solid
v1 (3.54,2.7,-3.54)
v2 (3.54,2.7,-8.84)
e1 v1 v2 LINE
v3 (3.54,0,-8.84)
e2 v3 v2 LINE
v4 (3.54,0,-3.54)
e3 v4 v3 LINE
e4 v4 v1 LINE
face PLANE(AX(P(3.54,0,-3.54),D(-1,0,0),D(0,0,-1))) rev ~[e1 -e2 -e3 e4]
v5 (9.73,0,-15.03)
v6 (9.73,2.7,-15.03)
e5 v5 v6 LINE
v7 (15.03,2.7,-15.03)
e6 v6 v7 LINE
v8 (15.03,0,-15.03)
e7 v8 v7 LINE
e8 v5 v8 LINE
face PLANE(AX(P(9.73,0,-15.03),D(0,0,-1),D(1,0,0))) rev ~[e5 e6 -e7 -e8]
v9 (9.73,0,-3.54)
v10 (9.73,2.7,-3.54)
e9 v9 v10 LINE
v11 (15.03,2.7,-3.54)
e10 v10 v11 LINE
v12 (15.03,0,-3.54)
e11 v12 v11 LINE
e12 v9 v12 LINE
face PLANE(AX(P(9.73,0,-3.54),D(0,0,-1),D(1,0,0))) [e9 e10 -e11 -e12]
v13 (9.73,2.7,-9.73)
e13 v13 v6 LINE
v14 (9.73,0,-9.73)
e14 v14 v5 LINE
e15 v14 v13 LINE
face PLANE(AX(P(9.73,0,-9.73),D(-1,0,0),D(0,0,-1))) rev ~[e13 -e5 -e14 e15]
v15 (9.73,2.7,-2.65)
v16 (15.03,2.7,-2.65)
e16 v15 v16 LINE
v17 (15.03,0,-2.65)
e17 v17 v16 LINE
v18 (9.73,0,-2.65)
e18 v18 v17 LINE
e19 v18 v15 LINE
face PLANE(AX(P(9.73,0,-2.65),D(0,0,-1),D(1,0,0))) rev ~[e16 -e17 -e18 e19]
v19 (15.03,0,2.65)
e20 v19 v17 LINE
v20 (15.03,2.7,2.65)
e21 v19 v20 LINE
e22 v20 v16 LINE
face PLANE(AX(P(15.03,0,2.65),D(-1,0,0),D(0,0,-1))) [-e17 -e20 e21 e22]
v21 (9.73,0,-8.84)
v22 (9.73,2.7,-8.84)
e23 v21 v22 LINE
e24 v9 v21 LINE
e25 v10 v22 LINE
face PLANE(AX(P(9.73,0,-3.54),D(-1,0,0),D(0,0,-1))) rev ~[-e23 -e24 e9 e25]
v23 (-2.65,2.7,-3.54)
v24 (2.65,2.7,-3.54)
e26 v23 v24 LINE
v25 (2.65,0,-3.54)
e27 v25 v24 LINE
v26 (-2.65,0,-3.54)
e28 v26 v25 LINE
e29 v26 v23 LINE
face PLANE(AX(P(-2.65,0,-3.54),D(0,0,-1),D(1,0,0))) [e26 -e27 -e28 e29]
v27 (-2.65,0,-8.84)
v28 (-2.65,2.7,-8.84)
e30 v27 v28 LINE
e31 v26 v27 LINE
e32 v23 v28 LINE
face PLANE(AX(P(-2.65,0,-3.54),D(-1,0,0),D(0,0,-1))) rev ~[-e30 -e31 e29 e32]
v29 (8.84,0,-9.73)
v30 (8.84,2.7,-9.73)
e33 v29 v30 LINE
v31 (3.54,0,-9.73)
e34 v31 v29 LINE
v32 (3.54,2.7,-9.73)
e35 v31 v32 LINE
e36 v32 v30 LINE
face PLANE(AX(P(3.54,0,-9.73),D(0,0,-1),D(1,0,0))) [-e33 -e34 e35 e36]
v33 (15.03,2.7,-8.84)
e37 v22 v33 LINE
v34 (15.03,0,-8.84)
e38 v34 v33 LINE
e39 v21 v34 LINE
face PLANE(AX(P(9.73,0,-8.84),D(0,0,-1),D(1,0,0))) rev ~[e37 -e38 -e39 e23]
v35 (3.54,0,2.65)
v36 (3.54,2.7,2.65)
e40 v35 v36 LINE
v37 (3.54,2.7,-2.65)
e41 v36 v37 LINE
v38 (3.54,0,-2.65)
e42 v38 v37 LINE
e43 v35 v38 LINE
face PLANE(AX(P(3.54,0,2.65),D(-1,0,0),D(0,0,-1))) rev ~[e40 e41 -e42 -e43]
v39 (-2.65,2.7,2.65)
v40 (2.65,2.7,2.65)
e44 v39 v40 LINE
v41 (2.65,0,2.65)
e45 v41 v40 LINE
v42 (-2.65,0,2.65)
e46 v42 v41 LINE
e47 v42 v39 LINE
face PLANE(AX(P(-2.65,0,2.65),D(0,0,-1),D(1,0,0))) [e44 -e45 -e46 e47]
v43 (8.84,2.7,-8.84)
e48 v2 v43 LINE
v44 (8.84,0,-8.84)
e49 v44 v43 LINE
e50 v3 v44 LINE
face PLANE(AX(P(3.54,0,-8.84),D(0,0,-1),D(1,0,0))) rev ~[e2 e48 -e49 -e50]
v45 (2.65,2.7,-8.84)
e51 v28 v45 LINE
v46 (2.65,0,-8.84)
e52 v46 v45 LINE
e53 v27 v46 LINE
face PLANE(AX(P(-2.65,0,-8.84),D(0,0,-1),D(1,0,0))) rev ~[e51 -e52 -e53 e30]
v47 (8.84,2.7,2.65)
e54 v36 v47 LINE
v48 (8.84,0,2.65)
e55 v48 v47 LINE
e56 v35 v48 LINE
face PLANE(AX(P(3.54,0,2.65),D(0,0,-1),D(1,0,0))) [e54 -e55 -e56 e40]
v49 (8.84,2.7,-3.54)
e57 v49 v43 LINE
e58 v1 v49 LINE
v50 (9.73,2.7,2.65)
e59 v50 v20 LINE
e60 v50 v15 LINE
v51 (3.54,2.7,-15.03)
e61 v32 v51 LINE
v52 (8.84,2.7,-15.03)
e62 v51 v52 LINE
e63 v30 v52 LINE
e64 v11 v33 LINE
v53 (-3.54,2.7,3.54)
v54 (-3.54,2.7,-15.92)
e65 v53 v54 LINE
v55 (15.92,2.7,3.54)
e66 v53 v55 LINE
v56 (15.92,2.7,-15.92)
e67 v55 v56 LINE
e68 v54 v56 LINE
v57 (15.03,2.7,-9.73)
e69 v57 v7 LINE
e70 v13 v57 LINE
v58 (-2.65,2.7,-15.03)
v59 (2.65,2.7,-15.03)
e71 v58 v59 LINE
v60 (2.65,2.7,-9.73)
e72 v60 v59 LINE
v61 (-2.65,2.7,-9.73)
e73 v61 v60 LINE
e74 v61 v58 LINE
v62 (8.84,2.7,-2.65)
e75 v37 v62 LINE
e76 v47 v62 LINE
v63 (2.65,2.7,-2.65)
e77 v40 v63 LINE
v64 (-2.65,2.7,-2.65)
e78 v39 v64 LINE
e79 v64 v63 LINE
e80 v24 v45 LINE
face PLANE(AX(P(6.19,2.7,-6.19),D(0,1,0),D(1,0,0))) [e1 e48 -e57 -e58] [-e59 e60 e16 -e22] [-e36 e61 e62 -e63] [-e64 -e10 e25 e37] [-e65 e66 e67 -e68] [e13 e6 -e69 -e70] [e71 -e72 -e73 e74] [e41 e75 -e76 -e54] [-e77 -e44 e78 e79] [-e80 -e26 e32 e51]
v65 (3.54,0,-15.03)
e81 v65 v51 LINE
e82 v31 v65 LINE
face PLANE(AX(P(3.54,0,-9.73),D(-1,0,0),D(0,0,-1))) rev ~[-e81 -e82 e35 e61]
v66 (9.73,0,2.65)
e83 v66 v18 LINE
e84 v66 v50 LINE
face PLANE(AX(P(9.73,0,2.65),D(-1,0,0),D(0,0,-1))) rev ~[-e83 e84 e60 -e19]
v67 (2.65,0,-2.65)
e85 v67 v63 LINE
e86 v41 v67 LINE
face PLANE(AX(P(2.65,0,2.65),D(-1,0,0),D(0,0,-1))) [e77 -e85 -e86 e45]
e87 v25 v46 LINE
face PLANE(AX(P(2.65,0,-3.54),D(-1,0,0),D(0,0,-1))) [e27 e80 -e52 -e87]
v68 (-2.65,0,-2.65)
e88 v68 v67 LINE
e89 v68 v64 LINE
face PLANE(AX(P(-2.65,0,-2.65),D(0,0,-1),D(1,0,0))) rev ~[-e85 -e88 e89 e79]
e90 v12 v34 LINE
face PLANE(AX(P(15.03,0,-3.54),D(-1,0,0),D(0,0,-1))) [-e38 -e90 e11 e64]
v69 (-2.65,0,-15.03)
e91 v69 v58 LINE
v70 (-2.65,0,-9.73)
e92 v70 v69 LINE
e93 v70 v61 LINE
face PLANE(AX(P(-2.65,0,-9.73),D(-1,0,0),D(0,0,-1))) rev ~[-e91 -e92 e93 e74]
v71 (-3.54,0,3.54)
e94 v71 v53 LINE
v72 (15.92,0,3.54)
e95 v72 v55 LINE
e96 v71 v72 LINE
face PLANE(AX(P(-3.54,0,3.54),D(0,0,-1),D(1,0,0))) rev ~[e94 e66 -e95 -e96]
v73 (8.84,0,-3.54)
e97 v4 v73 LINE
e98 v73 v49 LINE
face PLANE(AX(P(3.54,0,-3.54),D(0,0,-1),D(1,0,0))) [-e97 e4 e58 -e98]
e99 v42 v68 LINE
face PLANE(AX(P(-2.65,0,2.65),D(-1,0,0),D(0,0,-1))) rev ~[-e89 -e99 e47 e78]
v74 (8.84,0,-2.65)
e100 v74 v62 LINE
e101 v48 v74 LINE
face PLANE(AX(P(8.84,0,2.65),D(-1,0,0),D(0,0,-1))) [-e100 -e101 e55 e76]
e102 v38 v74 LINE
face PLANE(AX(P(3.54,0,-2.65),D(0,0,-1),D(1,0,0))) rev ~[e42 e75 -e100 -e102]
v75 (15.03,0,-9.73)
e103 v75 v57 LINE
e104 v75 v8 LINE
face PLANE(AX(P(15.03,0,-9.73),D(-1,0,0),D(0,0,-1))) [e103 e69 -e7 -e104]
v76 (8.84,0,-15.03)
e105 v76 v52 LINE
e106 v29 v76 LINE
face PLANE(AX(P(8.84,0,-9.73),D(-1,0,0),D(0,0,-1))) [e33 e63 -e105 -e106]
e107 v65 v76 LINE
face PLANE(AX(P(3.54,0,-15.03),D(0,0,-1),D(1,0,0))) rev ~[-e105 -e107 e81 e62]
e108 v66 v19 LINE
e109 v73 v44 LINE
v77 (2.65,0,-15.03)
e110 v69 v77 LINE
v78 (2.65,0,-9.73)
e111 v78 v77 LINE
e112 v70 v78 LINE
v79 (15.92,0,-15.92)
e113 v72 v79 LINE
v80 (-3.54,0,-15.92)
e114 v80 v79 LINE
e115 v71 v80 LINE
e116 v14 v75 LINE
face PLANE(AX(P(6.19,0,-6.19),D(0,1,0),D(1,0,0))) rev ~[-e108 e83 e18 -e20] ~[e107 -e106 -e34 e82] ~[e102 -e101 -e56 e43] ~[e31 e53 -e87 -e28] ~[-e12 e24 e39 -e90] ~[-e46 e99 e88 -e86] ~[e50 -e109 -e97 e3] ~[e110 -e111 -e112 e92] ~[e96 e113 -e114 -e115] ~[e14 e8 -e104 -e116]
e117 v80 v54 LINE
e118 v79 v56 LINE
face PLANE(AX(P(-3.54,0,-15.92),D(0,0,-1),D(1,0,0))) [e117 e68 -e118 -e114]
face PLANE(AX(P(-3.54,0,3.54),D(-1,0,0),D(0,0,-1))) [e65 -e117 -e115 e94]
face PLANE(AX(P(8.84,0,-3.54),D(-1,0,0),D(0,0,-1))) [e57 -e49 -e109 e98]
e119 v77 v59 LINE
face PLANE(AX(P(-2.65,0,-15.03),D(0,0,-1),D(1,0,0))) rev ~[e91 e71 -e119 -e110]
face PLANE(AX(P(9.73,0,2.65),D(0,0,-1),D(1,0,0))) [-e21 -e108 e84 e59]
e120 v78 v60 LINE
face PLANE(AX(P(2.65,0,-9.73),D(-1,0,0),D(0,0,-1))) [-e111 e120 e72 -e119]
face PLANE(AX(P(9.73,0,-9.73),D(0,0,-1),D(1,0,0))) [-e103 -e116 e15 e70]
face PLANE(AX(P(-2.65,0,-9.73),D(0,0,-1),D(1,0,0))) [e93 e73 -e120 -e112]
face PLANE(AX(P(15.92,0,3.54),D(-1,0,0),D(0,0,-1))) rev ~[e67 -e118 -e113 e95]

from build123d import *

# Parameters (mm, degrees)
SKETCH1_W           = 19.46
SKETCH1_H           = 19.46
SKETCH1_W_2         = 5.3
SKETCH1_H_2         = 5.3
BOSS_EXTRUDE1_DEPTH = 2.7


with BuildPart() as part:
    # Sketch1 → Boss-Extrude1 (new body)
    with BuildSketch(Plane(origin=(0, 0, 0), x_dir=(1, 0, 0), z_dir=(0, 1, 0))):
        with Locations((6.19, 6.19)):
            Rectangle(SKETCH1_W, SKETCH1_H)
        with Locations((6.19, 0)):
            Rectangle(SKETCH1_W_2, SKETCH1_H_2, mode=Mode.SUBTRACT)
        Rectangle(SKETCH1_W_2, SKETCH1_H_2, mode=Mode.SUBTRACT)
        with Locations((12.38, 0)):
            Rectangle(SKETCH1_W_2, SKETCH1_H_2, mode=Mode.SUBTRACT)
        with Locations((6.19, 6.19)):
            Rectangle(SKETCH1_W_2, SKETCH1_H_2, mode=Mode.SUBTRACT)
        with Locations((12.38, 6.19)):
            Rectangle(SKETCH1_W_2, SKETCH1_H_2, mode=Mode.SUBTRACT)
        with Locations((6.19, 12.38)):
            Rectangle(SKETCH1_W_2, SKETCH1_H_2, mode=Mode.SUBTRACT)
        with Locations((12.38, 12.38)):
            Rectangle(SKETCH1_W_2, SKETCH1_H_2, mode=Mode.SUBTRACT)
        with Locations((0, 6.19)):
            Rectangle(SKETCH1_W_2, SKETCH1_H_2, mode=Mode.SUBTRACT)
        with Locations((0, 12.38)):
            Rectangle(SKETCH1_W_2, SKETCH1_H_2, mode=Mode.SUBTRACT)
    extrude(amount=BOSS_EXTRUDE1_DEPTH)


solid = part.part
